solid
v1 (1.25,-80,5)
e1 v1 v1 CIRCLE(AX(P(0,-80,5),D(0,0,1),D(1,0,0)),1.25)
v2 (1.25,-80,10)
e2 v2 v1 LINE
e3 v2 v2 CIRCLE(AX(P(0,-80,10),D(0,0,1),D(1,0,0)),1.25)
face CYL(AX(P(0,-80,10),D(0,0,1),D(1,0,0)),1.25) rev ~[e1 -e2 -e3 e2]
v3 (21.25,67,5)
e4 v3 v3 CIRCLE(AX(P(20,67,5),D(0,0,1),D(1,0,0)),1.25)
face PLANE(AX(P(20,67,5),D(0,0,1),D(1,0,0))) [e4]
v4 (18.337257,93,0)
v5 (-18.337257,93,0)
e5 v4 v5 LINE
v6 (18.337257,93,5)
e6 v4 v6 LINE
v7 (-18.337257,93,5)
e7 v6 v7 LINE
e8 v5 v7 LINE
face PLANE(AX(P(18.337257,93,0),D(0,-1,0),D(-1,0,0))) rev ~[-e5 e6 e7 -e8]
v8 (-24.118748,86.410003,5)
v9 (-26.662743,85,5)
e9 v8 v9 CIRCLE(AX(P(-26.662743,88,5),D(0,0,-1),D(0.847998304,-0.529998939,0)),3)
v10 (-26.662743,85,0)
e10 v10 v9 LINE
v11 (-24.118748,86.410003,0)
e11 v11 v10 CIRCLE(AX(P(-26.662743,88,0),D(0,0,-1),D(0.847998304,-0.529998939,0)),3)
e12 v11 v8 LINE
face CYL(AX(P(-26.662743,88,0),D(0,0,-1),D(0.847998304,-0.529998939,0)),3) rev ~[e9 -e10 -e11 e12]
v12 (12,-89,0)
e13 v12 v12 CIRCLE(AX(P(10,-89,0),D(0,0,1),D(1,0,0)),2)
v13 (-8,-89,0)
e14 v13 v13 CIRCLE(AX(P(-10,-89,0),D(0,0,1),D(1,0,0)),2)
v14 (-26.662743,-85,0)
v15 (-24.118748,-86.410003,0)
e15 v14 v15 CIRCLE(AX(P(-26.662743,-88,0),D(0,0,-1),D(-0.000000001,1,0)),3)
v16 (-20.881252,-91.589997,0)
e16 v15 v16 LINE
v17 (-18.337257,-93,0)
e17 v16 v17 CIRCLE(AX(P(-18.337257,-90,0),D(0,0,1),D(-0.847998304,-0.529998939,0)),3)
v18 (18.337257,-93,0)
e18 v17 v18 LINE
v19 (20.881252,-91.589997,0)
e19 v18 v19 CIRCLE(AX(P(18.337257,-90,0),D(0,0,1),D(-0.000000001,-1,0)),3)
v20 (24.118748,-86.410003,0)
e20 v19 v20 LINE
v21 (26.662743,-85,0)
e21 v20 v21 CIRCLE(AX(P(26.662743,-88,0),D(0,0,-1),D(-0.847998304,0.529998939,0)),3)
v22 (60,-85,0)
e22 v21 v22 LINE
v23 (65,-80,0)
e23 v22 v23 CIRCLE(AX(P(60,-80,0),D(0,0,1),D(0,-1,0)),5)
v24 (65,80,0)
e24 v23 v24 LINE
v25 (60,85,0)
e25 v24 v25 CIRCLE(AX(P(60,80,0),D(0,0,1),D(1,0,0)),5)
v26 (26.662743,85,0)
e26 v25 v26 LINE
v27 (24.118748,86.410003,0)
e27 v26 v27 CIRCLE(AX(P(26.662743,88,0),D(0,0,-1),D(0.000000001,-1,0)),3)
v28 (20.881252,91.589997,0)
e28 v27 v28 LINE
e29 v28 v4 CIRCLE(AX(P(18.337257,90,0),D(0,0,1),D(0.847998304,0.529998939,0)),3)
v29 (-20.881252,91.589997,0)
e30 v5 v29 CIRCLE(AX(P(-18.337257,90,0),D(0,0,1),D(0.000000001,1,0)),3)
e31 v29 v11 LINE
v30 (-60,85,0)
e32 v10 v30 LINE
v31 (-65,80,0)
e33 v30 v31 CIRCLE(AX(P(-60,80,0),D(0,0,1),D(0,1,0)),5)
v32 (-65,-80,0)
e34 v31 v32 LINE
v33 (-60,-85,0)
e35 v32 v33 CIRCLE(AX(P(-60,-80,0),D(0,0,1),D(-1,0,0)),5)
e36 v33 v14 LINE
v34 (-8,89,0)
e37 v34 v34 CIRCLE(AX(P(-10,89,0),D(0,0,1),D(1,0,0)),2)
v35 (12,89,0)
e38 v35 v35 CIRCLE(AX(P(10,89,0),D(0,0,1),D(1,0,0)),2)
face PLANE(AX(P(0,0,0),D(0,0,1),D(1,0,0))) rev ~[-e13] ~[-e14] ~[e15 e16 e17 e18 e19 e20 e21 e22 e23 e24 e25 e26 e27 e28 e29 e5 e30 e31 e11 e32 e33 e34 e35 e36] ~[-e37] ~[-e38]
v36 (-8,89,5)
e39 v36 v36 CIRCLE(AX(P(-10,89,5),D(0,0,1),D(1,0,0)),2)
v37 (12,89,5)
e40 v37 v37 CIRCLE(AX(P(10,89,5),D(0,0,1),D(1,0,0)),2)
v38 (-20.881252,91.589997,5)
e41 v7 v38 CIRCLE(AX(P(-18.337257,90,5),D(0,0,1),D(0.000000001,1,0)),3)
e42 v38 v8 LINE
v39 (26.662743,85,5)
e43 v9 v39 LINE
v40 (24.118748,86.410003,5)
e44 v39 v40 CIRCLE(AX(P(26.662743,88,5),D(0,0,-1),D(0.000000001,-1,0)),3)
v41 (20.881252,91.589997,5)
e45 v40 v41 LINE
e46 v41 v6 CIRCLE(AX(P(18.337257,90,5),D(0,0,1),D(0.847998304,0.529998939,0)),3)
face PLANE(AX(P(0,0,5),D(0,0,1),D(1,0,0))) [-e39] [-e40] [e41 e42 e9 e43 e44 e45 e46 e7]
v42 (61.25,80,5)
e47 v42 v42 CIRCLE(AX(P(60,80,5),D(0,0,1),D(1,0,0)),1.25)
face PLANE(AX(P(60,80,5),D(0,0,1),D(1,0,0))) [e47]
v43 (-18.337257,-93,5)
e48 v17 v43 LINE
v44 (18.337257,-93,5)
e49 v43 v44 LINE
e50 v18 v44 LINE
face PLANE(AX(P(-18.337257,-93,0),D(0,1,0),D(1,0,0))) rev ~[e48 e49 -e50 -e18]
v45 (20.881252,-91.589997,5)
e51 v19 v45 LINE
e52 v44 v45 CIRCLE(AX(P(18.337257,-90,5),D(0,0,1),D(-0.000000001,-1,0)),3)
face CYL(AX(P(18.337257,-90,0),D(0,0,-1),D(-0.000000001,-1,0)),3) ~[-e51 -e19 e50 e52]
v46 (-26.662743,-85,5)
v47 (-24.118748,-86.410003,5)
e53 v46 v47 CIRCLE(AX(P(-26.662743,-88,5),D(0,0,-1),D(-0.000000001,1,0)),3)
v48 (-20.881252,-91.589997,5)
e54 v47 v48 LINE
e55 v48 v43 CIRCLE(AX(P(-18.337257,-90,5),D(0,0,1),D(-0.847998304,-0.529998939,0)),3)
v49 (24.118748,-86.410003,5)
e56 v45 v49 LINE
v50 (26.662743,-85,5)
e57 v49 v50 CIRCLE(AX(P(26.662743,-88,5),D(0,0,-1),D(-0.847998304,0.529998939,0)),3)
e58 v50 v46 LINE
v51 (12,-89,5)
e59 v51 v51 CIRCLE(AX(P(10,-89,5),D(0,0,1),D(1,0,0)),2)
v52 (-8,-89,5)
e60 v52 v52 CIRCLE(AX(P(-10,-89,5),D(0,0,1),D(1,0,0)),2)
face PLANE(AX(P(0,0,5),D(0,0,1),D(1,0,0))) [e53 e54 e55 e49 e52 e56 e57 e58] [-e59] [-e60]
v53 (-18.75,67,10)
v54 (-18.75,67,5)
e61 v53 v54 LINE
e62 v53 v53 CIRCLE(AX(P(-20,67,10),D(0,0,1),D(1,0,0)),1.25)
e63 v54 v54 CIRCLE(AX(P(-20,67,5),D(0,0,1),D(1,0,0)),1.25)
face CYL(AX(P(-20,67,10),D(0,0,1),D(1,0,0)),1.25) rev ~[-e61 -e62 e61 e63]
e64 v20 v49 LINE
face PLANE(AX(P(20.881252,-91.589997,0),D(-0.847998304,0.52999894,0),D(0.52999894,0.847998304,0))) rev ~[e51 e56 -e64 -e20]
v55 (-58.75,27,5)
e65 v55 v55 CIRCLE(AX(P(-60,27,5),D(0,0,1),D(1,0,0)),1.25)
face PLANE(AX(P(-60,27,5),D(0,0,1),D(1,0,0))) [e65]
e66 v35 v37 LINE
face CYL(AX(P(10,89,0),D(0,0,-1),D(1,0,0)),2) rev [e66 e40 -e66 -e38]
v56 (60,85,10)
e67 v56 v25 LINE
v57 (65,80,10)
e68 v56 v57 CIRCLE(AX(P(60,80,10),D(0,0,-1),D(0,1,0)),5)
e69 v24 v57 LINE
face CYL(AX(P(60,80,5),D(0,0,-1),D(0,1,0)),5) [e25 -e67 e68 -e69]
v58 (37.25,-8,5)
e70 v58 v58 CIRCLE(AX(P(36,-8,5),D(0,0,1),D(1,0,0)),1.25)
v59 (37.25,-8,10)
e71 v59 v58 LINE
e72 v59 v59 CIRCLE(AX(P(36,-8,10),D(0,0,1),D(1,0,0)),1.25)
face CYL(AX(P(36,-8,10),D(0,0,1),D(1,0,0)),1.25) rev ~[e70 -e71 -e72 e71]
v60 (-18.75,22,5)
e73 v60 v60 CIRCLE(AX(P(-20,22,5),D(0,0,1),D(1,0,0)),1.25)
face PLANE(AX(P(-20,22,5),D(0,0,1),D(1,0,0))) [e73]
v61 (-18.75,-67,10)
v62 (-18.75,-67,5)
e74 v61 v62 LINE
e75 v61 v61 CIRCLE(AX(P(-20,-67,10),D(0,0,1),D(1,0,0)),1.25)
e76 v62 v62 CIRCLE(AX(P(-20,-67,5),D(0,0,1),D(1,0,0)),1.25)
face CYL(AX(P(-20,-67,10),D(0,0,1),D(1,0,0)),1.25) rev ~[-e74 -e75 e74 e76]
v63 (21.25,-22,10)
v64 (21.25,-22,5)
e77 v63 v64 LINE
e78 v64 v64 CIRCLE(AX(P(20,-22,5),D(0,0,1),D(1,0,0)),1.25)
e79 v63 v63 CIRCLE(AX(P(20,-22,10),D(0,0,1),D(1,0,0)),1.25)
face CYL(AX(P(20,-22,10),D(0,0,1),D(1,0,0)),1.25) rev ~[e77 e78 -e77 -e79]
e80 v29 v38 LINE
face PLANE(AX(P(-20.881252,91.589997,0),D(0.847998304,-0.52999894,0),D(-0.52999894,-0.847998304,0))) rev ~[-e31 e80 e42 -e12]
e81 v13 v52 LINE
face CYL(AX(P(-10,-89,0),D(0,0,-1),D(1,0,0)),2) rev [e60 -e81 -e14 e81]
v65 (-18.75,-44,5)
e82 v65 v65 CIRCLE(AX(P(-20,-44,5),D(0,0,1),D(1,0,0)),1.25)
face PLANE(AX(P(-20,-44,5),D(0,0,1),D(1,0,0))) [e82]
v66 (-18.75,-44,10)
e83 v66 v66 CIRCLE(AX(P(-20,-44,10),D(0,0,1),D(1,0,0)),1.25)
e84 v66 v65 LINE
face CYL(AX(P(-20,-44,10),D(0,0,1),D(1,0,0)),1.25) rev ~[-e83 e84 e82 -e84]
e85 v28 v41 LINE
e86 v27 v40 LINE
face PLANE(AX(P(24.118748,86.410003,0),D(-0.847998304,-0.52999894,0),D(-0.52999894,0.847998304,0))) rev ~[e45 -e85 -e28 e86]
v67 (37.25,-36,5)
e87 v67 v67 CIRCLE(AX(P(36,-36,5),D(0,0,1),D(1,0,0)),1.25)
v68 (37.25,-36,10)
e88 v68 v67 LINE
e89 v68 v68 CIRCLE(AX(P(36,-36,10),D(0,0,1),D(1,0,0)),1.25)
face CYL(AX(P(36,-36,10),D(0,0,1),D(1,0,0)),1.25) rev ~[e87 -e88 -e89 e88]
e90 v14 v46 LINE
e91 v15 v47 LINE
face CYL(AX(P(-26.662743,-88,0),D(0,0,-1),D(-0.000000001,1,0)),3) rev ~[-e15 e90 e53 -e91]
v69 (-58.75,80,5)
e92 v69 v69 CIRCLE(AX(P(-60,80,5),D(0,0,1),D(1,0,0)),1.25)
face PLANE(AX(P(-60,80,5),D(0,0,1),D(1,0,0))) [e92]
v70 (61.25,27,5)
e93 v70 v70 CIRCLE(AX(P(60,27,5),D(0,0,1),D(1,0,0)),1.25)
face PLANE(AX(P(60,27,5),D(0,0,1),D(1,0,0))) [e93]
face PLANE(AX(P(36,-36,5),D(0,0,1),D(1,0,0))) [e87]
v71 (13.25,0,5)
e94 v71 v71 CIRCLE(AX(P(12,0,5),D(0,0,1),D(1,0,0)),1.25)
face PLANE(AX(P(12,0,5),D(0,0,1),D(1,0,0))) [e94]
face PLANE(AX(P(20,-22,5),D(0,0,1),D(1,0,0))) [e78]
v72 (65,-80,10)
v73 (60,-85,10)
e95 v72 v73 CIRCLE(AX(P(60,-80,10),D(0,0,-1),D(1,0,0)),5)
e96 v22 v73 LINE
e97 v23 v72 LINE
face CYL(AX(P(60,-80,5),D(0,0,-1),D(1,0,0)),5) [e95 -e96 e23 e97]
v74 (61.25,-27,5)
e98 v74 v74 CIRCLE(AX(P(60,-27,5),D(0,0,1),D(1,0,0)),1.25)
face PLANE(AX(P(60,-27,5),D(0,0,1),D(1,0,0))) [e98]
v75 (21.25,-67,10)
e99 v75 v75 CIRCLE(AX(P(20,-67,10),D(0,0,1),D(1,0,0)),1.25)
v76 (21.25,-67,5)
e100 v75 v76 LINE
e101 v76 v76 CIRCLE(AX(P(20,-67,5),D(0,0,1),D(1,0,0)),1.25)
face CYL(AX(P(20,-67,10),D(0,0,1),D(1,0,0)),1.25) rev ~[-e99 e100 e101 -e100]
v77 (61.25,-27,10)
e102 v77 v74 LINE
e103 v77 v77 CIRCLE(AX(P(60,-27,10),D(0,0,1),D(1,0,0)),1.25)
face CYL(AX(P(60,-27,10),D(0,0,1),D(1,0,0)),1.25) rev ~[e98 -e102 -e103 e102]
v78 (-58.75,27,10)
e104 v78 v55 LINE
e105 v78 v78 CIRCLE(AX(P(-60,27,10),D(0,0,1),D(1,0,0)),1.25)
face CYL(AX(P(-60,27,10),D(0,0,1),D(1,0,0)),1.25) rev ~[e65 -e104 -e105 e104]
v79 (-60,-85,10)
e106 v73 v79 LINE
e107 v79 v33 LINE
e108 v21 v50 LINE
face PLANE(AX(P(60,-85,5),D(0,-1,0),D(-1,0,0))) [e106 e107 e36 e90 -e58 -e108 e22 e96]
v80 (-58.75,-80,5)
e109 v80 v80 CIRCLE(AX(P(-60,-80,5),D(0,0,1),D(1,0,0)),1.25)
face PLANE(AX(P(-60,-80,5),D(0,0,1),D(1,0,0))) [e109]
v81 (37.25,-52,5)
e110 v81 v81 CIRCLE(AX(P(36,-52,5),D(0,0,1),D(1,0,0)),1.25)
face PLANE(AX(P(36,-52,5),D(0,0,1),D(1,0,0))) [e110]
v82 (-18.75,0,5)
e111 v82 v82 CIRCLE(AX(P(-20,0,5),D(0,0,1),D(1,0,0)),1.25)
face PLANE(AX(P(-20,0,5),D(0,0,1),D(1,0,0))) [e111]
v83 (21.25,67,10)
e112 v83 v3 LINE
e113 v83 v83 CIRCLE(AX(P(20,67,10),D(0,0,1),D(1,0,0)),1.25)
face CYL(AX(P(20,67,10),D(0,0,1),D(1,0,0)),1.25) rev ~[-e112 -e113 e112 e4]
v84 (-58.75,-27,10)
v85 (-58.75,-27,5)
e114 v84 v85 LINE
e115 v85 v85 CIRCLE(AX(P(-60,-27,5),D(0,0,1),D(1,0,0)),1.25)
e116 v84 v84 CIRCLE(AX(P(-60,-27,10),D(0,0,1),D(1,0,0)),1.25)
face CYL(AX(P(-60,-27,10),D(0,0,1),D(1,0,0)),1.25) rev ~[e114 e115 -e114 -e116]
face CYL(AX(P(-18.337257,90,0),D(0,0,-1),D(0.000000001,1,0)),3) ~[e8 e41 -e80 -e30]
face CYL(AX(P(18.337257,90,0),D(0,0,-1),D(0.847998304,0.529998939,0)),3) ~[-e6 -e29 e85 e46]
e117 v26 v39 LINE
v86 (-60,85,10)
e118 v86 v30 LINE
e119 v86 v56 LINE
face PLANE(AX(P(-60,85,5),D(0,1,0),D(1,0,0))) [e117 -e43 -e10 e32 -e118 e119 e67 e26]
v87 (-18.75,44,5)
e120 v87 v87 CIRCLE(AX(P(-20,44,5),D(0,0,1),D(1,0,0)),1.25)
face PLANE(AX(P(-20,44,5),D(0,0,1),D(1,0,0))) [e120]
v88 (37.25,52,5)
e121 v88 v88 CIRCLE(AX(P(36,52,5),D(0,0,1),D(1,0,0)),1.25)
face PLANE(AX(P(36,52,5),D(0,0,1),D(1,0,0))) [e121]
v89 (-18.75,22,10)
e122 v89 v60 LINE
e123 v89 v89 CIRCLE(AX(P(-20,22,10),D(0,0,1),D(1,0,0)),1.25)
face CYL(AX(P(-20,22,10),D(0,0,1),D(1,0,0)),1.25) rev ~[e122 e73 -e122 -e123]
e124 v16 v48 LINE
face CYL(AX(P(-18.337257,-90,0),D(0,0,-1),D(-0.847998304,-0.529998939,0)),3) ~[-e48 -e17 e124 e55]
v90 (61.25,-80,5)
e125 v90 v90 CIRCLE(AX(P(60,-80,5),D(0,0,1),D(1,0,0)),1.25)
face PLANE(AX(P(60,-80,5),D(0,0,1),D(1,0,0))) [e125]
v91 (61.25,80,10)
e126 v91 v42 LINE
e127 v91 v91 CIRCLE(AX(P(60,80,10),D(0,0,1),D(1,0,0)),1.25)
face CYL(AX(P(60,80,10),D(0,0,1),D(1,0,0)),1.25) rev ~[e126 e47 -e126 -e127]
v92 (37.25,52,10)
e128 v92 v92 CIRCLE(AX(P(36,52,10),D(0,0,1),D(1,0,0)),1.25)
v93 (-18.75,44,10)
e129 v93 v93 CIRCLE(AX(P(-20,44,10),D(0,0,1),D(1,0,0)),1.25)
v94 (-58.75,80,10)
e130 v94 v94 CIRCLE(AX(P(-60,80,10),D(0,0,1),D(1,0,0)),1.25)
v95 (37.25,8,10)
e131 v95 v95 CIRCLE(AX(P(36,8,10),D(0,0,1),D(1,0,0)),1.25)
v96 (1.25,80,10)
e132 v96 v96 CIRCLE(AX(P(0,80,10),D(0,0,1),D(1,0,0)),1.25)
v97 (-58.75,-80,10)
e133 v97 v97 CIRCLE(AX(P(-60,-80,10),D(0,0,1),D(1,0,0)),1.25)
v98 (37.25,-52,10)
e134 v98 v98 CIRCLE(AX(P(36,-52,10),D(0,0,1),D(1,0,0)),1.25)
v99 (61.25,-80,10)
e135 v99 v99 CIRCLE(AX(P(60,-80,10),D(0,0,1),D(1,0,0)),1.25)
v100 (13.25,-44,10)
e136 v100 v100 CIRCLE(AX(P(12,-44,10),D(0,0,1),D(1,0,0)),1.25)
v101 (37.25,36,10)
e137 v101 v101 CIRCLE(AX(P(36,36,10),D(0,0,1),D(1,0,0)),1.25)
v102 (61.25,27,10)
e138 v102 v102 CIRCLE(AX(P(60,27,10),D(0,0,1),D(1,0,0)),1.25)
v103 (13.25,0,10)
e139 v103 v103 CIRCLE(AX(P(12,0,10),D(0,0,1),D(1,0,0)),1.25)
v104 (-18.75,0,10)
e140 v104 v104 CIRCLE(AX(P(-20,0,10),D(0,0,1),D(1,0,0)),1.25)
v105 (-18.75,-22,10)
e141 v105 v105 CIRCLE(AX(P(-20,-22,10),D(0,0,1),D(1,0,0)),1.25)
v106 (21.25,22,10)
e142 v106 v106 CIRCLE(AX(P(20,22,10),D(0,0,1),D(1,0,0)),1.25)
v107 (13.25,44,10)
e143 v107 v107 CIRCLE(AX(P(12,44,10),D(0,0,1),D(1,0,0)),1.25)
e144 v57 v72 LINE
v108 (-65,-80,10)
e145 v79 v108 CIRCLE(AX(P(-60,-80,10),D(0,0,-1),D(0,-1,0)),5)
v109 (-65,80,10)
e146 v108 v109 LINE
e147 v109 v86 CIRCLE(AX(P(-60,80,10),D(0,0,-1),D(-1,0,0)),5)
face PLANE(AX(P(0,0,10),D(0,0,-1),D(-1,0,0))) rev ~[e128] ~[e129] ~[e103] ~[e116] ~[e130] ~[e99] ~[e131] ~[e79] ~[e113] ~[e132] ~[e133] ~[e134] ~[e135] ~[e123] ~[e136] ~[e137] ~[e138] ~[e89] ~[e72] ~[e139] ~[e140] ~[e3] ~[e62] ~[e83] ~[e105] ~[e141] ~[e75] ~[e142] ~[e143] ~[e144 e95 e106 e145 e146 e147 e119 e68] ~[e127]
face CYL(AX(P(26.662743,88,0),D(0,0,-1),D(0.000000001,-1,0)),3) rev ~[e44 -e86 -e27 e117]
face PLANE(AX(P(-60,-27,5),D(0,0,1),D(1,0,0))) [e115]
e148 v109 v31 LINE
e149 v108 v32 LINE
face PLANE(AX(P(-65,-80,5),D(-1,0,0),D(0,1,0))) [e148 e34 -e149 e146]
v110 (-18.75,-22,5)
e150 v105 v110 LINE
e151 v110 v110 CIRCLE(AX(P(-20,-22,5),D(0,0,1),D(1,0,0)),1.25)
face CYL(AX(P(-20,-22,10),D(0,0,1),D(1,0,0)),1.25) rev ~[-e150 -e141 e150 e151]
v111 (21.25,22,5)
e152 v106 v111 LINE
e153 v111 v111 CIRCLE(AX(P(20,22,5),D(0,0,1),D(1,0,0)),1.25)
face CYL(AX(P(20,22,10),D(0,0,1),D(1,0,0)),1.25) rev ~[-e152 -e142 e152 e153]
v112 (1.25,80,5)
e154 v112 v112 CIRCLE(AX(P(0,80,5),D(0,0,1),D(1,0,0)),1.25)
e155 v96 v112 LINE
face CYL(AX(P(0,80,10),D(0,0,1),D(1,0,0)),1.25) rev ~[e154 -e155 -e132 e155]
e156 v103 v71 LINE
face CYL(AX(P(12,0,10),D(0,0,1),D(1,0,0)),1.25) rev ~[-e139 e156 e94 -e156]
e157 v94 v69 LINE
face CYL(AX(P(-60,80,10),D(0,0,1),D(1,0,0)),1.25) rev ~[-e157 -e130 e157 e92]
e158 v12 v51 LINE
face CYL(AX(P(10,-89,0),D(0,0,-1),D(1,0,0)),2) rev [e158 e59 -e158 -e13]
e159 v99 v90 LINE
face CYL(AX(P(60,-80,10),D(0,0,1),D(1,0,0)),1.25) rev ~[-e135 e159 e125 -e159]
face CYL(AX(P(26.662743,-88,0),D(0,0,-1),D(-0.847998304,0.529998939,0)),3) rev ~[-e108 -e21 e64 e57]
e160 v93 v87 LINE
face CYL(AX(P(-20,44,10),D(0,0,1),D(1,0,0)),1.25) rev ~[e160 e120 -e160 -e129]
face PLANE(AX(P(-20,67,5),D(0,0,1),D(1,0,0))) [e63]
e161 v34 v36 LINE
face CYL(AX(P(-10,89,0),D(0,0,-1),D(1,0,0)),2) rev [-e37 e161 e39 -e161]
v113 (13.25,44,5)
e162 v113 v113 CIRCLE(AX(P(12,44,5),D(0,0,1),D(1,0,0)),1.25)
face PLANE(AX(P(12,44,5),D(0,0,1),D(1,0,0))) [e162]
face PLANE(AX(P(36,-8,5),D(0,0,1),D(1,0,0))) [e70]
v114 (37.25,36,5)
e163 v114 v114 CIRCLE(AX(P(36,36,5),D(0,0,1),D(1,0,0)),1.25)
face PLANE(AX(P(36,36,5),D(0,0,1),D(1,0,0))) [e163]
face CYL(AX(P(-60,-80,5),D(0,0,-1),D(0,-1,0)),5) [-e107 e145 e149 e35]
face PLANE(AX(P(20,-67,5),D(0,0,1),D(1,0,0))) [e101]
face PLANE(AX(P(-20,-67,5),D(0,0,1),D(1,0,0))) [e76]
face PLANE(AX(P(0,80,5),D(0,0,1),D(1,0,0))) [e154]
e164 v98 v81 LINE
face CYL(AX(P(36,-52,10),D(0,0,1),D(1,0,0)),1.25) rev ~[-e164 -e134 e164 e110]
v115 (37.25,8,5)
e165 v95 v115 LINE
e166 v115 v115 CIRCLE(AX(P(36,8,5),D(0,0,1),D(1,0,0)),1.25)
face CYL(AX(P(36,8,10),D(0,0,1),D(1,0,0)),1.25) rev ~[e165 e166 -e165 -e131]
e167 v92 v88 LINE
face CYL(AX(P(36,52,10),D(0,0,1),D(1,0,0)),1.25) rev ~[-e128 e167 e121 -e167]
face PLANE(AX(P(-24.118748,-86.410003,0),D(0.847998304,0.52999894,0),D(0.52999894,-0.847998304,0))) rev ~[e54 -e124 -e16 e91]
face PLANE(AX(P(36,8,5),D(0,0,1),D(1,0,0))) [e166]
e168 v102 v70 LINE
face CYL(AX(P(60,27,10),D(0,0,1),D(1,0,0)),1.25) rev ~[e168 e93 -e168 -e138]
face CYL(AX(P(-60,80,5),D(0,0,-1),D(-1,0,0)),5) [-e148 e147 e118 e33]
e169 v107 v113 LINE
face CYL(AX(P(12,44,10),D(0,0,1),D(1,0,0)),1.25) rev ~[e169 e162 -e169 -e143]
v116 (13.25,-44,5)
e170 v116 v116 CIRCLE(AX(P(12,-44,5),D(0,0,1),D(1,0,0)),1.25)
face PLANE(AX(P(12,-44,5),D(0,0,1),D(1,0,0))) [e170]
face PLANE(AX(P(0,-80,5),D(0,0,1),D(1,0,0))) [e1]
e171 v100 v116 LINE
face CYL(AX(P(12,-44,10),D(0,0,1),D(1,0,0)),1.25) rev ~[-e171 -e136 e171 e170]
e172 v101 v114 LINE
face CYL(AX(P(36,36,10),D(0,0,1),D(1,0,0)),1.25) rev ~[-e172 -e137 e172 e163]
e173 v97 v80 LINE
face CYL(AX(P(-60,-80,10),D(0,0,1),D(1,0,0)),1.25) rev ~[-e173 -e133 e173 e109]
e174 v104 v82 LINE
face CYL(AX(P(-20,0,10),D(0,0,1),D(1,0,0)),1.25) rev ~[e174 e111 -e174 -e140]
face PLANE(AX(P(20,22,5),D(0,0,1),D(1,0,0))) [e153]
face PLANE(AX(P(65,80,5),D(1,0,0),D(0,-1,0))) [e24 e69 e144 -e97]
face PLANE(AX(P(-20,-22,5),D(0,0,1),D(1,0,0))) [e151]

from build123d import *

# Parameters (mm, degrees)
SKETCH1_R           = 2
BOSS_EXTRUDE1_DEPTH = 5
BOSS_EXTRUDE2_DEPTH = 5
SKETCH3_R           = 1.25
CUT_EXTRUDE1_DEPTH  = 5


with BuildPart() as part:
    # Sketch1 → Boss-Extrude1 (new body)
    with BuildSketch(Plane.XY):
        with BuildLine():
            Line((-60, -85), (-26.662742925, -85))
            ThreePointArc((-26.662742925, -85), (-25.208437327, -85.376072556), (-24.118748013, -86.41000318))
            Line((-24.118748013, -86.41000318), (-20.881251987, -91.58999682))
            ThreePointArc((-20.881251987, -91.58999682), (-19.791562673, -92.623927444), (-18.337257075, -93))
            Line((-18.337257075, -93), (18.337257075, -93))
            ThreePointArc((18.337257075, -93), (19.791562673, -92.623927444), (20.881251987, -91.58999682))
            Line((20.881251987, -91.58999682), (24.118748013, -86.41000318))
            ThreePointArc((24.118748013, -86.41000318), (25.208437327, -85.376072556), (26.662742925, -85))
            Line((26.662742925, -85), (60, -85))
            ThreePointArc((60, -85), (63.535533906, -83.535533906), (65, -80))
            Line((65, -80), (65, 80))
            ThreePointArc((65, 80), (63.535533906, 83.535533906), (60, 85))
            Line((60, 85), (26.662742925, 85))
            ThreePointArc((26.662742925, 85), (25.208437327, 85.376072556), (24.118748013, 86.41000318))
            Line((24.118748013, 86.41000318), (20.881251987, 91.58999682))
            ThreePointArc((20.881251987, 91.58999682), (19.791562673, 92.623927444), (18.337257075, 93))
            Line((18.337257075, 93), (-18.337257075, 93))
            ThreePointArc((-18.337257075, 93), (-19.791562673, 92.623927444), (-20.881251987, 91.58999682))
            Line((-20.881251987, 91.58999682), (-24.118748013, 86.41000318))
            ThreePointArc((-24.118748013, 86.41000318), (-25.208437327, 85.376072556), (-26.662742925, 85))
            Line((-26.662742925, 85), (-60, 85))
            ThreePointArc((-60, 85), (-63.535533906, 83.535533906), (-65, 80))
            Line((-65, 80), (-65, -80))
            ThreePointArc((-65, -80), (-63.535533906, -83.535533906), (-60, -85))
        make_face()
        with Locations((-10, 89)):
            Circle(SKETCH1_R, mode=Mode.SUBTRACT)
        with Locations((10, 89)):
            Circle(SKETCH1_R, mode=Mode.SUBTRACT)
        with Locations((10, -89)):
            Circle(SKETCH1_R, mode=Mode.SUBTRACT)
        with Locations((-10, -89)):
            Circle(SKETCH1_R, mode=Mode.SUBTRACT)
    extrude(amount=BOSS_EXTRUDE1_DEPTH)

    # Sketch2 → Boss-Extrude2 (add)
    with BuildSketch(Plane.XY.offset(5)):
        with BuildLine():
            Line((60, -85), (-60, -85))
            ThreePointArc((-60, -85), (-63.535533906, -83.535533906), (-65, -80))
            Line((-65, -80), (-65, 80))
            ThreePointArc((-65, 80), (-63.535533906, 83.535533906), (-60, 85))
            Line((-60, 85), (60, 85))
            ThreePointArc((60, 85), (63.535533906, 83.535533906), (65, 80))
            Line((65, 80), (65, -80))
            ThreePointArc((65, -80), (63.535533906, -83.535533906), (60, -85))
        make_face()
    extrude(amount=BOSS_EXTRUDE2_DEPTH)

    # Sketch3 → Cut-Extrude1 (cut)
    with BuildSketch(Plane.XY.offset(10)):
        with Locations((60, -27)):
            Circle(SKETCH3_R)
        with Locations((60, -80)):
            Circle(SKETCH3_R)
        with Locations((-60, -27)):
            Circle(SKETCH3_R)
        with Locations((-60, -80)):
            Circle(SKETCH3_R)
        with Locations((0, -80)):
            Circle(SKETCH3_R)
        with Locations((60, 27)):
            Circle(SKETCH3_R)
        with Locations((60, 80)):
            Circle(SKETCH3_R)
        with Locations((0, 80)):
            Circle(SKETCH3_R)
        with Locations((-60, 27)):
            Circle(SKETCH3_R)
        with Locations((-60, 80)):
            Circle(SKETCH3_R)
        with Locations((-20, -67)):
            Circle(SKETCH3_R)
        with Locations((-20, -44)):
            Circle(SKETCH3_R)
        with Locations((-20, -22)):
            Circle(SKETCH3_R)
        with Locations((-20, 0)):
            Circle(SKETCH3_R)
        with Locations((-20, 22)):
            Circle(SKETCH3_R)
        with Locations((-20, 44)):
            Circle(SKETCH3_R)
        with Locations((-20, 67)):
            Circle(SKETCH3_R)
        with Locations((36, -52)):
            Circle(SKETCH3_R)
        with Locations((36, -36)):
            Circle(SKETCH3_R)
        with Locations((36, 8)):
            Circle(SKETCH3_R)
        with Locations((36, -8)):
            Circle(SKETCH3_R)
        with Locations((36, 52)):
            Circle(SKETCH3_R)
        with Locations((36, 36)):
            Circle(SKETCH3_R)
        with Locations((20, -67)):
            Circle(SKETCH3_R)
        with Locations((20, -22)):
            Circle(SKETCH3_R)
        with Locations((20, 22)):
            Circle(SKETCH3_R)
        with Locations((20, 67)):
            Circle(SKETCH3_R)
        with Locations((12, -44)):
            Circle(SKETCH3_R)
        with Locations((12, 0)):
            Circle(SKETCH3_R)
        with Locations((12, 44)):
            Circle(SKETCH3_R)
    extrude(amount=-CUT_EXTRUDE1_DEPTH, mode=Mode.SUBTRACT)


solid = part.part
